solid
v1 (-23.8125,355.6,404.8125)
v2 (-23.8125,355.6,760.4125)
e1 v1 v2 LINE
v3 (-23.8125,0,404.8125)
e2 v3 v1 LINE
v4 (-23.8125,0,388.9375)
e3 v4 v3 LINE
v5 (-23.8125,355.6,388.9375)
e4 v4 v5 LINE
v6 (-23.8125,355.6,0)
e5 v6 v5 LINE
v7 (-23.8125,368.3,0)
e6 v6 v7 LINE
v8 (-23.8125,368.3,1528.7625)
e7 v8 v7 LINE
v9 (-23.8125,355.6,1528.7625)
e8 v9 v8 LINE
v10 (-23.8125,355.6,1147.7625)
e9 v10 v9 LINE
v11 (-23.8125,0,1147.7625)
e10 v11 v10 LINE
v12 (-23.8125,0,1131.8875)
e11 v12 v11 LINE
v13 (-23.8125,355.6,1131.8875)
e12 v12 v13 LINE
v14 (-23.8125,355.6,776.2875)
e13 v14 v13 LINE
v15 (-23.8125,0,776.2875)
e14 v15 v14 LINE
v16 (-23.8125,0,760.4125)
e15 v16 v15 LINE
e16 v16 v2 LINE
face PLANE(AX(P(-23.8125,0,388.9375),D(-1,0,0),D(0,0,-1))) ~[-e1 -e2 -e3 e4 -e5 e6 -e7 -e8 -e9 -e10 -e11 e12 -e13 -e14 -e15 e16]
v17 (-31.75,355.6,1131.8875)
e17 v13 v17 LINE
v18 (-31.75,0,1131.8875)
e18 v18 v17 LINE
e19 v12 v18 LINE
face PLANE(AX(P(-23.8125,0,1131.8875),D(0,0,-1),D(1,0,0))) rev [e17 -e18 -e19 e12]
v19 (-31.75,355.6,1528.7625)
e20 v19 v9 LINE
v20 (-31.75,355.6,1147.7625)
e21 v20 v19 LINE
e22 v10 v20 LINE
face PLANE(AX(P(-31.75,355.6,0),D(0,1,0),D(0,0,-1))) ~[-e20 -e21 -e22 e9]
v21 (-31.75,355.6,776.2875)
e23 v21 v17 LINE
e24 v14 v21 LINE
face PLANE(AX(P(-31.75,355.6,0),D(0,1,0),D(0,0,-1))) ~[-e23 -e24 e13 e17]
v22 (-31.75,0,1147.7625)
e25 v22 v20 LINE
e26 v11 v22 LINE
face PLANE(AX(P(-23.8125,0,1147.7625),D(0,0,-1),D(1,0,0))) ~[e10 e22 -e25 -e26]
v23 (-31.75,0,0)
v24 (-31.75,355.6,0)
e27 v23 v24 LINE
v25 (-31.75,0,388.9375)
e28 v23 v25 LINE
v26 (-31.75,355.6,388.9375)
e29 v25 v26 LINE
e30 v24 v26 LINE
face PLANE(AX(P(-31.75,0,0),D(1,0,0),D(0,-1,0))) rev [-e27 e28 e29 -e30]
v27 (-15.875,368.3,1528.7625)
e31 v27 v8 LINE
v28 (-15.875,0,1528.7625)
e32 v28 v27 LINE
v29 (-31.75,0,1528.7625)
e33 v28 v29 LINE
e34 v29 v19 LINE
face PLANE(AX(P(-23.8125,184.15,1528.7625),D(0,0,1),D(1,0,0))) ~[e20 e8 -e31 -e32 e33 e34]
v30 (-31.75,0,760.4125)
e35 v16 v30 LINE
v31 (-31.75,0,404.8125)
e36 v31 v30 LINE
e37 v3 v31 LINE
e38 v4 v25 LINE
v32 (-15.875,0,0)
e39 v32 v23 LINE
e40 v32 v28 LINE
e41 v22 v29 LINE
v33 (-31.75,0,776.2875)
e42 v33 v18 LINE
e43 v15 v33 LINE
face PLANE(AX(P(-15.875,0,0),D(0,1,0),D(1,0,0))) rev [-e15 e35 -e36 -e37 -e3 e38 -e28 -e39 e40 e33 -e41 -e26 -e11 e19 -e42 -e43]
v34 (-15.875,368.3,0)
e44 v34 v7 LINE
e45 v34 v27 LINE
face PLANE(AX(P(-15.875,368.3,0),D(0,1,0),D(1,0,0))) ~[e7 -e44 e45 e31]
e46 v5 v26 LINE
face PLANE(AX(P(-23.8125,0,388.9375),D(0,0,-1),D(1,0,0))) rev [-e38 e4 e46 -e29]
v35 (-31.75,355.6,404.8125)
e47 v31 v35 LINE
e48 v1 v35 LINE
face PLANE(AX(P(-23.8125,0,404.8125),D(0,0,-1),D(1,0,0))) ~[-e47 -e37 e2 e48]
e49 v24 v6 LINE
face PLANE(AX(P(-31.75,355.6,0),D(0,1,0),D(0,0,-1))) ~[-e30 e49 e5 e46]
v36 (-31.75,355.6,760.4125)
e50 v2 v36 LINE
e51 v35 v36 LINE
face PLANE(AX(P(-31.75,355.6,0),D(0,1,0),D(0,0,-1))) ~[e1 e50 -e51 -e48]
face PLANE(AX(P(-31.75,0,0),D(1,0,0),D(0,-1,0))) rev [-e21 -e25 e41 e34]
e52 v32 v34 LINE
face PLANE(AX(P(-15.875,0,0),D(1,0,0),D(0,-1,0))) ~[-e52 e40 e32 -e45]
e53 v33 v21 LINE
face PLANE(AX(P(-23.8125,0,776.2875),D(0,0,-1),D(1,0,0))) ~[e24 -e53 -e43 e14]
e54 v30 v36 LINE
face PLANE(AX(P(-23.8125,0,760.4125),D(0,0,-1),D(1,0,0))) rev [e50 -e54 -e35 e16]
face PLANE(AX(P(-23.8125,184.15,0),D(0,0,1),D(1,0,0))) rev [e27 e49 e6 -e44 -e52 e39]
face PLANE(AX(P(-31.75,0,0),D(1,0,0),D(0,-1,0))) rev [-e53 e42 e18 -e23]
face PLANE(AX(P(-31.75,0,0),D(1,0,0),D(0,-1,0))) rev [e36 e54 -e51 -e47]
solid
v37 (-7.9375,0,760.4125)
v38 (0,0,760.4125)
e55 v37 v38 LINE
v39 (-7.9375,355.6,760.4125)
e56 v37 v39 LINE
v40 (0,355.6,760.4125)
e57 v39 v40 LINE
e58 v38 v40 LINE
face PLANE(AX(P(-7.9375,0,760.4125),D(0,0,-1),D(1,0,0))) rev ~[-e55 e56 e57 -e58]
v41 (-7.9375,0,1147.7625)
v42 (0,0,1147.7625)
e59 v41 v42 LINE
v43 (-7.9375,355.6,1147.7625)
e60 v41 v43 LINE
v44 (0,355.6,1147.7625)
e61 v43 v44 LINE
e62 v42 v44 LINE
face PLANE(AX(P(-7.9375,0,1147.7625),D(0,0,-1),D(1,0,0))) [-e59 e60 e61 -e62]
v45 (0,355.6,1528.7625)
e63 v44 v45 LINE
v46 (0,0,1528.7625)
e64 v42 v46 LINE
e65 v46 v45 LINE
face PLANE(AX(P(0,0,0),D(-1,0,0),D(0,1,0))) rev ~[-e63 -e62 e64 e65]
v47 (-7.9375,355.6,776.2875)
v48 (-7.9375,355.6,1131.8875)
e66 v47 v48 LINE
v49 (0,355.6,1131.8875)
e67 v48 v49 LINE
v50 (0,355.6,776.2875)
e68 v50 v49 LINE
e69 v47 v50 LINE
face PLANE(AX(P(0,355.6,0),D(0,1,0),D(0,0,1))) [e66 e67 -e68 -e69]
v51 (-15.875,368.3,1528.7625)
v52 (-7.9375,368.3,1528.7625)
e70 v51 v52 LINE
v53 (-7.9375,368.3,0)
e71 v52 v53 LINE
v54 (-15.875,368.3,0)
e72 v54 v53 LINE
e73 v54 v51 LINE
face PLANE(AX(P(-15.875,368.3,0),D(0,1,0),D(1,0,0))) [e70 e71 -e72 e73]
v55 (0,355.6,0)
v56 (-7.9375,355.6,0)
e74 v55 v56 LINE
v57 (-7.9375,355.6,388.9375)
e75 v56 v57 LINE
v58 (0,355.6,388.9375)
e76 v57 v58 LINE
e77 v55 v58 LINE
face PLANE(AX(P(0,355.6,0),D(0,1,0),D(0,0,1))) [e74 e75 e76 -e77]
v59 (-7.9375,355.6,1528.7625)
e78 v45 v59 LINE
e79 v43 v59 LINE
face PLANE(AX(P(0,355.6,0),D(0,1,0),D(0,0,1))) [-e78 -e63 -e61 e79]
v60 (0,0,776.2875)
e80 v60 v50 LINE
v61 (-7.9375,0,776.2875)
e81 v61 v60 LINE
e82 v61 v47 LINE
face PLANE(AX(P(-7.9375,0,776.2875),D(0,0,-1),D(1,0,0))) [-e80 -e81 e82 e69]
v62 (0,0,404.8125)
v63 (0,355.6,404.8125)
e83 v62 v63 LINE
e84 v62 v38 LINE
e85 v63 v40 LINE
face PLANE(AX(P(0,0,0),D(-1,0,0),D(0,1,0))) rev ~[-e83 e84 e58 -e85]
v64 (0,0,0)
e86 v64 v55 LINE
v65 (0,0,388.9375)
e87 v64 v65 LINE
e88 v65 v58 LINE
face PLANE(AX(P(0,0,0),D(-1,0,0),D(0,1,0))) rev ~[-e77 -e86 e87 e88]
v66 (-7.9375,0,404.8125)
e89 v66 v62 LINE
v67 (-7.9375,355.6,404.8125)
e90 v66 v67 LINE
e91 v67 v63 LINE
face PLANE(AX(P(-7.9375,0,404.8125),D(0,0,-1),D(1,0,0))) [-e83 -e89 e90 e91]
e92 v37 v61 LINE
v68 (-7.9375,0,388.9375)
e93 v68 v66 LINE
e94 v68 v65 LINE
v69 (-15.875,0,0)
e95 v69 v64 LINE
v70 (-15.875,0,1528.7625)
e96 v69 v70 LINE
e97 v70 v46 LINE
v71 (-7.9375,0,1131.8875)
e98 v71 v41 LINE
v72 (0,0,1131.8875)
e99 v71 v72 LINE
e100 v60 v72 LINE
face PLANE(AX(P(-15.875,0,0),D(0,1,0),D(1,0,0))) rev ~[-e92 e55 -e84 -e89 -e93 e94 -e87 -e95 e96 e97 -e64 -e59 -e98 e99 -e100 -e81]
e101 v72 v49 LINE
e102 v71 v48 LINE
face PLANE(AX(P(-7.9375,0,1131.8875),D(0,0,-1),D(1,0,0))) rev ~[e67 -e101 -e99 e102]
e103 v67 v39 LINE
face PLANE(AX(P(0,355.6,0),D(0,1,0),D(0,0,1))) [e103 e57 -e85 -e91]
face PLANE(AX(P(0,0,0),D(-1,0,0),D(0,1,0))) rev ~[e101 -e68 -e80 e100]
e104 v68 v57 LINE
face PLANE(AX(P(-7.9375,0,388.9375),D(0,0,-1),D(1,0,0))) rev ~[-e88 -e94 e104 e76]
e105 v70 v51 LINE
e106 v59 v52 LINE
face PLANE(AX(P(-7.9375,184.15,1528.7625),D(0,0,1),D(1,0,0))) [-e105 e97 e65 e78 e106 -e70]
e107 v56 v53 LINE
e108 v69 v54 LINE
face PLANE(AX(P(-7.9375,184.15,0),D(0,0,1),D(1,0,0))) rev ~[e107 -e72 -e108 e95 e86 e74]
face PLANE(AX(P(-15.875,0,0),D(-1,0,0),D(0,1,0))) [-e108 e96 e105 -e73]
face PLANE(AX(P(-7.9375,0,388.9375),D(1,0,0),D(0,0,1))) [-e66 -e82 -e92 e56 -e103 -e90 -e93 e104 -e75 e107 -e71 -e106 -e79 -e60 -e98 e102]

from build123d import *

# Parameters (mm, degrees)
F0_W     = 15.875
F0_H     = 368.3
F1_DEPTH = 1528.7625
F2_W     = 7.9375
F2_H     = 15.875
F3_DEPTH = 368.3
F4_W     = 12.7
F4_H     = 1528.7625
F5_DEPTH = 7.9375


with BuildPart() as f1:
    # F0 (on Top) → F1 (new body)
    with BuildSketch(Plane.XY):
        with Locations((-7.9375, 184.15)):
            Rectangle(F0_W, F0_H)
    extrude(amount=F1_DEPTH)

    # F2 (on face) → F3 (cut, through all)
    with BuildSketch(Plane.XZ):
        with Locations((-3.96875, 396.875)):
            Rectangle(F2_W, F2_H)
        with Locations((-3.96875, 768.35)):
            Rectangle(F2_W, F2_H)
        with Locations((-3.96875, 1139.825)):
            Rectangle(F2_W, F2_H)
    extrude(amount=-F3_DEPTH, mode=Mode.SUBTRACT)

    # F4 (on face) → F5 (cut)
    with BuildSketch(Plane.YZ):
        with Locations((361.95, 764.38125)):
            Rectangle(F4_W, F4_H)
    extrude(amount=-F5_DEPTH, mode=Mode.SUBTRACT)


with BuildPart() as f6_1:
    # F6: instance of F1
    add(f1.part.mirror(Plane(origin=(-15.875, 184.15, 764.38125), x_dir=(0, -1, 0), z_dir=(-1, 0, 0))))


solid = Compound([f1.part, f6_1.part])
